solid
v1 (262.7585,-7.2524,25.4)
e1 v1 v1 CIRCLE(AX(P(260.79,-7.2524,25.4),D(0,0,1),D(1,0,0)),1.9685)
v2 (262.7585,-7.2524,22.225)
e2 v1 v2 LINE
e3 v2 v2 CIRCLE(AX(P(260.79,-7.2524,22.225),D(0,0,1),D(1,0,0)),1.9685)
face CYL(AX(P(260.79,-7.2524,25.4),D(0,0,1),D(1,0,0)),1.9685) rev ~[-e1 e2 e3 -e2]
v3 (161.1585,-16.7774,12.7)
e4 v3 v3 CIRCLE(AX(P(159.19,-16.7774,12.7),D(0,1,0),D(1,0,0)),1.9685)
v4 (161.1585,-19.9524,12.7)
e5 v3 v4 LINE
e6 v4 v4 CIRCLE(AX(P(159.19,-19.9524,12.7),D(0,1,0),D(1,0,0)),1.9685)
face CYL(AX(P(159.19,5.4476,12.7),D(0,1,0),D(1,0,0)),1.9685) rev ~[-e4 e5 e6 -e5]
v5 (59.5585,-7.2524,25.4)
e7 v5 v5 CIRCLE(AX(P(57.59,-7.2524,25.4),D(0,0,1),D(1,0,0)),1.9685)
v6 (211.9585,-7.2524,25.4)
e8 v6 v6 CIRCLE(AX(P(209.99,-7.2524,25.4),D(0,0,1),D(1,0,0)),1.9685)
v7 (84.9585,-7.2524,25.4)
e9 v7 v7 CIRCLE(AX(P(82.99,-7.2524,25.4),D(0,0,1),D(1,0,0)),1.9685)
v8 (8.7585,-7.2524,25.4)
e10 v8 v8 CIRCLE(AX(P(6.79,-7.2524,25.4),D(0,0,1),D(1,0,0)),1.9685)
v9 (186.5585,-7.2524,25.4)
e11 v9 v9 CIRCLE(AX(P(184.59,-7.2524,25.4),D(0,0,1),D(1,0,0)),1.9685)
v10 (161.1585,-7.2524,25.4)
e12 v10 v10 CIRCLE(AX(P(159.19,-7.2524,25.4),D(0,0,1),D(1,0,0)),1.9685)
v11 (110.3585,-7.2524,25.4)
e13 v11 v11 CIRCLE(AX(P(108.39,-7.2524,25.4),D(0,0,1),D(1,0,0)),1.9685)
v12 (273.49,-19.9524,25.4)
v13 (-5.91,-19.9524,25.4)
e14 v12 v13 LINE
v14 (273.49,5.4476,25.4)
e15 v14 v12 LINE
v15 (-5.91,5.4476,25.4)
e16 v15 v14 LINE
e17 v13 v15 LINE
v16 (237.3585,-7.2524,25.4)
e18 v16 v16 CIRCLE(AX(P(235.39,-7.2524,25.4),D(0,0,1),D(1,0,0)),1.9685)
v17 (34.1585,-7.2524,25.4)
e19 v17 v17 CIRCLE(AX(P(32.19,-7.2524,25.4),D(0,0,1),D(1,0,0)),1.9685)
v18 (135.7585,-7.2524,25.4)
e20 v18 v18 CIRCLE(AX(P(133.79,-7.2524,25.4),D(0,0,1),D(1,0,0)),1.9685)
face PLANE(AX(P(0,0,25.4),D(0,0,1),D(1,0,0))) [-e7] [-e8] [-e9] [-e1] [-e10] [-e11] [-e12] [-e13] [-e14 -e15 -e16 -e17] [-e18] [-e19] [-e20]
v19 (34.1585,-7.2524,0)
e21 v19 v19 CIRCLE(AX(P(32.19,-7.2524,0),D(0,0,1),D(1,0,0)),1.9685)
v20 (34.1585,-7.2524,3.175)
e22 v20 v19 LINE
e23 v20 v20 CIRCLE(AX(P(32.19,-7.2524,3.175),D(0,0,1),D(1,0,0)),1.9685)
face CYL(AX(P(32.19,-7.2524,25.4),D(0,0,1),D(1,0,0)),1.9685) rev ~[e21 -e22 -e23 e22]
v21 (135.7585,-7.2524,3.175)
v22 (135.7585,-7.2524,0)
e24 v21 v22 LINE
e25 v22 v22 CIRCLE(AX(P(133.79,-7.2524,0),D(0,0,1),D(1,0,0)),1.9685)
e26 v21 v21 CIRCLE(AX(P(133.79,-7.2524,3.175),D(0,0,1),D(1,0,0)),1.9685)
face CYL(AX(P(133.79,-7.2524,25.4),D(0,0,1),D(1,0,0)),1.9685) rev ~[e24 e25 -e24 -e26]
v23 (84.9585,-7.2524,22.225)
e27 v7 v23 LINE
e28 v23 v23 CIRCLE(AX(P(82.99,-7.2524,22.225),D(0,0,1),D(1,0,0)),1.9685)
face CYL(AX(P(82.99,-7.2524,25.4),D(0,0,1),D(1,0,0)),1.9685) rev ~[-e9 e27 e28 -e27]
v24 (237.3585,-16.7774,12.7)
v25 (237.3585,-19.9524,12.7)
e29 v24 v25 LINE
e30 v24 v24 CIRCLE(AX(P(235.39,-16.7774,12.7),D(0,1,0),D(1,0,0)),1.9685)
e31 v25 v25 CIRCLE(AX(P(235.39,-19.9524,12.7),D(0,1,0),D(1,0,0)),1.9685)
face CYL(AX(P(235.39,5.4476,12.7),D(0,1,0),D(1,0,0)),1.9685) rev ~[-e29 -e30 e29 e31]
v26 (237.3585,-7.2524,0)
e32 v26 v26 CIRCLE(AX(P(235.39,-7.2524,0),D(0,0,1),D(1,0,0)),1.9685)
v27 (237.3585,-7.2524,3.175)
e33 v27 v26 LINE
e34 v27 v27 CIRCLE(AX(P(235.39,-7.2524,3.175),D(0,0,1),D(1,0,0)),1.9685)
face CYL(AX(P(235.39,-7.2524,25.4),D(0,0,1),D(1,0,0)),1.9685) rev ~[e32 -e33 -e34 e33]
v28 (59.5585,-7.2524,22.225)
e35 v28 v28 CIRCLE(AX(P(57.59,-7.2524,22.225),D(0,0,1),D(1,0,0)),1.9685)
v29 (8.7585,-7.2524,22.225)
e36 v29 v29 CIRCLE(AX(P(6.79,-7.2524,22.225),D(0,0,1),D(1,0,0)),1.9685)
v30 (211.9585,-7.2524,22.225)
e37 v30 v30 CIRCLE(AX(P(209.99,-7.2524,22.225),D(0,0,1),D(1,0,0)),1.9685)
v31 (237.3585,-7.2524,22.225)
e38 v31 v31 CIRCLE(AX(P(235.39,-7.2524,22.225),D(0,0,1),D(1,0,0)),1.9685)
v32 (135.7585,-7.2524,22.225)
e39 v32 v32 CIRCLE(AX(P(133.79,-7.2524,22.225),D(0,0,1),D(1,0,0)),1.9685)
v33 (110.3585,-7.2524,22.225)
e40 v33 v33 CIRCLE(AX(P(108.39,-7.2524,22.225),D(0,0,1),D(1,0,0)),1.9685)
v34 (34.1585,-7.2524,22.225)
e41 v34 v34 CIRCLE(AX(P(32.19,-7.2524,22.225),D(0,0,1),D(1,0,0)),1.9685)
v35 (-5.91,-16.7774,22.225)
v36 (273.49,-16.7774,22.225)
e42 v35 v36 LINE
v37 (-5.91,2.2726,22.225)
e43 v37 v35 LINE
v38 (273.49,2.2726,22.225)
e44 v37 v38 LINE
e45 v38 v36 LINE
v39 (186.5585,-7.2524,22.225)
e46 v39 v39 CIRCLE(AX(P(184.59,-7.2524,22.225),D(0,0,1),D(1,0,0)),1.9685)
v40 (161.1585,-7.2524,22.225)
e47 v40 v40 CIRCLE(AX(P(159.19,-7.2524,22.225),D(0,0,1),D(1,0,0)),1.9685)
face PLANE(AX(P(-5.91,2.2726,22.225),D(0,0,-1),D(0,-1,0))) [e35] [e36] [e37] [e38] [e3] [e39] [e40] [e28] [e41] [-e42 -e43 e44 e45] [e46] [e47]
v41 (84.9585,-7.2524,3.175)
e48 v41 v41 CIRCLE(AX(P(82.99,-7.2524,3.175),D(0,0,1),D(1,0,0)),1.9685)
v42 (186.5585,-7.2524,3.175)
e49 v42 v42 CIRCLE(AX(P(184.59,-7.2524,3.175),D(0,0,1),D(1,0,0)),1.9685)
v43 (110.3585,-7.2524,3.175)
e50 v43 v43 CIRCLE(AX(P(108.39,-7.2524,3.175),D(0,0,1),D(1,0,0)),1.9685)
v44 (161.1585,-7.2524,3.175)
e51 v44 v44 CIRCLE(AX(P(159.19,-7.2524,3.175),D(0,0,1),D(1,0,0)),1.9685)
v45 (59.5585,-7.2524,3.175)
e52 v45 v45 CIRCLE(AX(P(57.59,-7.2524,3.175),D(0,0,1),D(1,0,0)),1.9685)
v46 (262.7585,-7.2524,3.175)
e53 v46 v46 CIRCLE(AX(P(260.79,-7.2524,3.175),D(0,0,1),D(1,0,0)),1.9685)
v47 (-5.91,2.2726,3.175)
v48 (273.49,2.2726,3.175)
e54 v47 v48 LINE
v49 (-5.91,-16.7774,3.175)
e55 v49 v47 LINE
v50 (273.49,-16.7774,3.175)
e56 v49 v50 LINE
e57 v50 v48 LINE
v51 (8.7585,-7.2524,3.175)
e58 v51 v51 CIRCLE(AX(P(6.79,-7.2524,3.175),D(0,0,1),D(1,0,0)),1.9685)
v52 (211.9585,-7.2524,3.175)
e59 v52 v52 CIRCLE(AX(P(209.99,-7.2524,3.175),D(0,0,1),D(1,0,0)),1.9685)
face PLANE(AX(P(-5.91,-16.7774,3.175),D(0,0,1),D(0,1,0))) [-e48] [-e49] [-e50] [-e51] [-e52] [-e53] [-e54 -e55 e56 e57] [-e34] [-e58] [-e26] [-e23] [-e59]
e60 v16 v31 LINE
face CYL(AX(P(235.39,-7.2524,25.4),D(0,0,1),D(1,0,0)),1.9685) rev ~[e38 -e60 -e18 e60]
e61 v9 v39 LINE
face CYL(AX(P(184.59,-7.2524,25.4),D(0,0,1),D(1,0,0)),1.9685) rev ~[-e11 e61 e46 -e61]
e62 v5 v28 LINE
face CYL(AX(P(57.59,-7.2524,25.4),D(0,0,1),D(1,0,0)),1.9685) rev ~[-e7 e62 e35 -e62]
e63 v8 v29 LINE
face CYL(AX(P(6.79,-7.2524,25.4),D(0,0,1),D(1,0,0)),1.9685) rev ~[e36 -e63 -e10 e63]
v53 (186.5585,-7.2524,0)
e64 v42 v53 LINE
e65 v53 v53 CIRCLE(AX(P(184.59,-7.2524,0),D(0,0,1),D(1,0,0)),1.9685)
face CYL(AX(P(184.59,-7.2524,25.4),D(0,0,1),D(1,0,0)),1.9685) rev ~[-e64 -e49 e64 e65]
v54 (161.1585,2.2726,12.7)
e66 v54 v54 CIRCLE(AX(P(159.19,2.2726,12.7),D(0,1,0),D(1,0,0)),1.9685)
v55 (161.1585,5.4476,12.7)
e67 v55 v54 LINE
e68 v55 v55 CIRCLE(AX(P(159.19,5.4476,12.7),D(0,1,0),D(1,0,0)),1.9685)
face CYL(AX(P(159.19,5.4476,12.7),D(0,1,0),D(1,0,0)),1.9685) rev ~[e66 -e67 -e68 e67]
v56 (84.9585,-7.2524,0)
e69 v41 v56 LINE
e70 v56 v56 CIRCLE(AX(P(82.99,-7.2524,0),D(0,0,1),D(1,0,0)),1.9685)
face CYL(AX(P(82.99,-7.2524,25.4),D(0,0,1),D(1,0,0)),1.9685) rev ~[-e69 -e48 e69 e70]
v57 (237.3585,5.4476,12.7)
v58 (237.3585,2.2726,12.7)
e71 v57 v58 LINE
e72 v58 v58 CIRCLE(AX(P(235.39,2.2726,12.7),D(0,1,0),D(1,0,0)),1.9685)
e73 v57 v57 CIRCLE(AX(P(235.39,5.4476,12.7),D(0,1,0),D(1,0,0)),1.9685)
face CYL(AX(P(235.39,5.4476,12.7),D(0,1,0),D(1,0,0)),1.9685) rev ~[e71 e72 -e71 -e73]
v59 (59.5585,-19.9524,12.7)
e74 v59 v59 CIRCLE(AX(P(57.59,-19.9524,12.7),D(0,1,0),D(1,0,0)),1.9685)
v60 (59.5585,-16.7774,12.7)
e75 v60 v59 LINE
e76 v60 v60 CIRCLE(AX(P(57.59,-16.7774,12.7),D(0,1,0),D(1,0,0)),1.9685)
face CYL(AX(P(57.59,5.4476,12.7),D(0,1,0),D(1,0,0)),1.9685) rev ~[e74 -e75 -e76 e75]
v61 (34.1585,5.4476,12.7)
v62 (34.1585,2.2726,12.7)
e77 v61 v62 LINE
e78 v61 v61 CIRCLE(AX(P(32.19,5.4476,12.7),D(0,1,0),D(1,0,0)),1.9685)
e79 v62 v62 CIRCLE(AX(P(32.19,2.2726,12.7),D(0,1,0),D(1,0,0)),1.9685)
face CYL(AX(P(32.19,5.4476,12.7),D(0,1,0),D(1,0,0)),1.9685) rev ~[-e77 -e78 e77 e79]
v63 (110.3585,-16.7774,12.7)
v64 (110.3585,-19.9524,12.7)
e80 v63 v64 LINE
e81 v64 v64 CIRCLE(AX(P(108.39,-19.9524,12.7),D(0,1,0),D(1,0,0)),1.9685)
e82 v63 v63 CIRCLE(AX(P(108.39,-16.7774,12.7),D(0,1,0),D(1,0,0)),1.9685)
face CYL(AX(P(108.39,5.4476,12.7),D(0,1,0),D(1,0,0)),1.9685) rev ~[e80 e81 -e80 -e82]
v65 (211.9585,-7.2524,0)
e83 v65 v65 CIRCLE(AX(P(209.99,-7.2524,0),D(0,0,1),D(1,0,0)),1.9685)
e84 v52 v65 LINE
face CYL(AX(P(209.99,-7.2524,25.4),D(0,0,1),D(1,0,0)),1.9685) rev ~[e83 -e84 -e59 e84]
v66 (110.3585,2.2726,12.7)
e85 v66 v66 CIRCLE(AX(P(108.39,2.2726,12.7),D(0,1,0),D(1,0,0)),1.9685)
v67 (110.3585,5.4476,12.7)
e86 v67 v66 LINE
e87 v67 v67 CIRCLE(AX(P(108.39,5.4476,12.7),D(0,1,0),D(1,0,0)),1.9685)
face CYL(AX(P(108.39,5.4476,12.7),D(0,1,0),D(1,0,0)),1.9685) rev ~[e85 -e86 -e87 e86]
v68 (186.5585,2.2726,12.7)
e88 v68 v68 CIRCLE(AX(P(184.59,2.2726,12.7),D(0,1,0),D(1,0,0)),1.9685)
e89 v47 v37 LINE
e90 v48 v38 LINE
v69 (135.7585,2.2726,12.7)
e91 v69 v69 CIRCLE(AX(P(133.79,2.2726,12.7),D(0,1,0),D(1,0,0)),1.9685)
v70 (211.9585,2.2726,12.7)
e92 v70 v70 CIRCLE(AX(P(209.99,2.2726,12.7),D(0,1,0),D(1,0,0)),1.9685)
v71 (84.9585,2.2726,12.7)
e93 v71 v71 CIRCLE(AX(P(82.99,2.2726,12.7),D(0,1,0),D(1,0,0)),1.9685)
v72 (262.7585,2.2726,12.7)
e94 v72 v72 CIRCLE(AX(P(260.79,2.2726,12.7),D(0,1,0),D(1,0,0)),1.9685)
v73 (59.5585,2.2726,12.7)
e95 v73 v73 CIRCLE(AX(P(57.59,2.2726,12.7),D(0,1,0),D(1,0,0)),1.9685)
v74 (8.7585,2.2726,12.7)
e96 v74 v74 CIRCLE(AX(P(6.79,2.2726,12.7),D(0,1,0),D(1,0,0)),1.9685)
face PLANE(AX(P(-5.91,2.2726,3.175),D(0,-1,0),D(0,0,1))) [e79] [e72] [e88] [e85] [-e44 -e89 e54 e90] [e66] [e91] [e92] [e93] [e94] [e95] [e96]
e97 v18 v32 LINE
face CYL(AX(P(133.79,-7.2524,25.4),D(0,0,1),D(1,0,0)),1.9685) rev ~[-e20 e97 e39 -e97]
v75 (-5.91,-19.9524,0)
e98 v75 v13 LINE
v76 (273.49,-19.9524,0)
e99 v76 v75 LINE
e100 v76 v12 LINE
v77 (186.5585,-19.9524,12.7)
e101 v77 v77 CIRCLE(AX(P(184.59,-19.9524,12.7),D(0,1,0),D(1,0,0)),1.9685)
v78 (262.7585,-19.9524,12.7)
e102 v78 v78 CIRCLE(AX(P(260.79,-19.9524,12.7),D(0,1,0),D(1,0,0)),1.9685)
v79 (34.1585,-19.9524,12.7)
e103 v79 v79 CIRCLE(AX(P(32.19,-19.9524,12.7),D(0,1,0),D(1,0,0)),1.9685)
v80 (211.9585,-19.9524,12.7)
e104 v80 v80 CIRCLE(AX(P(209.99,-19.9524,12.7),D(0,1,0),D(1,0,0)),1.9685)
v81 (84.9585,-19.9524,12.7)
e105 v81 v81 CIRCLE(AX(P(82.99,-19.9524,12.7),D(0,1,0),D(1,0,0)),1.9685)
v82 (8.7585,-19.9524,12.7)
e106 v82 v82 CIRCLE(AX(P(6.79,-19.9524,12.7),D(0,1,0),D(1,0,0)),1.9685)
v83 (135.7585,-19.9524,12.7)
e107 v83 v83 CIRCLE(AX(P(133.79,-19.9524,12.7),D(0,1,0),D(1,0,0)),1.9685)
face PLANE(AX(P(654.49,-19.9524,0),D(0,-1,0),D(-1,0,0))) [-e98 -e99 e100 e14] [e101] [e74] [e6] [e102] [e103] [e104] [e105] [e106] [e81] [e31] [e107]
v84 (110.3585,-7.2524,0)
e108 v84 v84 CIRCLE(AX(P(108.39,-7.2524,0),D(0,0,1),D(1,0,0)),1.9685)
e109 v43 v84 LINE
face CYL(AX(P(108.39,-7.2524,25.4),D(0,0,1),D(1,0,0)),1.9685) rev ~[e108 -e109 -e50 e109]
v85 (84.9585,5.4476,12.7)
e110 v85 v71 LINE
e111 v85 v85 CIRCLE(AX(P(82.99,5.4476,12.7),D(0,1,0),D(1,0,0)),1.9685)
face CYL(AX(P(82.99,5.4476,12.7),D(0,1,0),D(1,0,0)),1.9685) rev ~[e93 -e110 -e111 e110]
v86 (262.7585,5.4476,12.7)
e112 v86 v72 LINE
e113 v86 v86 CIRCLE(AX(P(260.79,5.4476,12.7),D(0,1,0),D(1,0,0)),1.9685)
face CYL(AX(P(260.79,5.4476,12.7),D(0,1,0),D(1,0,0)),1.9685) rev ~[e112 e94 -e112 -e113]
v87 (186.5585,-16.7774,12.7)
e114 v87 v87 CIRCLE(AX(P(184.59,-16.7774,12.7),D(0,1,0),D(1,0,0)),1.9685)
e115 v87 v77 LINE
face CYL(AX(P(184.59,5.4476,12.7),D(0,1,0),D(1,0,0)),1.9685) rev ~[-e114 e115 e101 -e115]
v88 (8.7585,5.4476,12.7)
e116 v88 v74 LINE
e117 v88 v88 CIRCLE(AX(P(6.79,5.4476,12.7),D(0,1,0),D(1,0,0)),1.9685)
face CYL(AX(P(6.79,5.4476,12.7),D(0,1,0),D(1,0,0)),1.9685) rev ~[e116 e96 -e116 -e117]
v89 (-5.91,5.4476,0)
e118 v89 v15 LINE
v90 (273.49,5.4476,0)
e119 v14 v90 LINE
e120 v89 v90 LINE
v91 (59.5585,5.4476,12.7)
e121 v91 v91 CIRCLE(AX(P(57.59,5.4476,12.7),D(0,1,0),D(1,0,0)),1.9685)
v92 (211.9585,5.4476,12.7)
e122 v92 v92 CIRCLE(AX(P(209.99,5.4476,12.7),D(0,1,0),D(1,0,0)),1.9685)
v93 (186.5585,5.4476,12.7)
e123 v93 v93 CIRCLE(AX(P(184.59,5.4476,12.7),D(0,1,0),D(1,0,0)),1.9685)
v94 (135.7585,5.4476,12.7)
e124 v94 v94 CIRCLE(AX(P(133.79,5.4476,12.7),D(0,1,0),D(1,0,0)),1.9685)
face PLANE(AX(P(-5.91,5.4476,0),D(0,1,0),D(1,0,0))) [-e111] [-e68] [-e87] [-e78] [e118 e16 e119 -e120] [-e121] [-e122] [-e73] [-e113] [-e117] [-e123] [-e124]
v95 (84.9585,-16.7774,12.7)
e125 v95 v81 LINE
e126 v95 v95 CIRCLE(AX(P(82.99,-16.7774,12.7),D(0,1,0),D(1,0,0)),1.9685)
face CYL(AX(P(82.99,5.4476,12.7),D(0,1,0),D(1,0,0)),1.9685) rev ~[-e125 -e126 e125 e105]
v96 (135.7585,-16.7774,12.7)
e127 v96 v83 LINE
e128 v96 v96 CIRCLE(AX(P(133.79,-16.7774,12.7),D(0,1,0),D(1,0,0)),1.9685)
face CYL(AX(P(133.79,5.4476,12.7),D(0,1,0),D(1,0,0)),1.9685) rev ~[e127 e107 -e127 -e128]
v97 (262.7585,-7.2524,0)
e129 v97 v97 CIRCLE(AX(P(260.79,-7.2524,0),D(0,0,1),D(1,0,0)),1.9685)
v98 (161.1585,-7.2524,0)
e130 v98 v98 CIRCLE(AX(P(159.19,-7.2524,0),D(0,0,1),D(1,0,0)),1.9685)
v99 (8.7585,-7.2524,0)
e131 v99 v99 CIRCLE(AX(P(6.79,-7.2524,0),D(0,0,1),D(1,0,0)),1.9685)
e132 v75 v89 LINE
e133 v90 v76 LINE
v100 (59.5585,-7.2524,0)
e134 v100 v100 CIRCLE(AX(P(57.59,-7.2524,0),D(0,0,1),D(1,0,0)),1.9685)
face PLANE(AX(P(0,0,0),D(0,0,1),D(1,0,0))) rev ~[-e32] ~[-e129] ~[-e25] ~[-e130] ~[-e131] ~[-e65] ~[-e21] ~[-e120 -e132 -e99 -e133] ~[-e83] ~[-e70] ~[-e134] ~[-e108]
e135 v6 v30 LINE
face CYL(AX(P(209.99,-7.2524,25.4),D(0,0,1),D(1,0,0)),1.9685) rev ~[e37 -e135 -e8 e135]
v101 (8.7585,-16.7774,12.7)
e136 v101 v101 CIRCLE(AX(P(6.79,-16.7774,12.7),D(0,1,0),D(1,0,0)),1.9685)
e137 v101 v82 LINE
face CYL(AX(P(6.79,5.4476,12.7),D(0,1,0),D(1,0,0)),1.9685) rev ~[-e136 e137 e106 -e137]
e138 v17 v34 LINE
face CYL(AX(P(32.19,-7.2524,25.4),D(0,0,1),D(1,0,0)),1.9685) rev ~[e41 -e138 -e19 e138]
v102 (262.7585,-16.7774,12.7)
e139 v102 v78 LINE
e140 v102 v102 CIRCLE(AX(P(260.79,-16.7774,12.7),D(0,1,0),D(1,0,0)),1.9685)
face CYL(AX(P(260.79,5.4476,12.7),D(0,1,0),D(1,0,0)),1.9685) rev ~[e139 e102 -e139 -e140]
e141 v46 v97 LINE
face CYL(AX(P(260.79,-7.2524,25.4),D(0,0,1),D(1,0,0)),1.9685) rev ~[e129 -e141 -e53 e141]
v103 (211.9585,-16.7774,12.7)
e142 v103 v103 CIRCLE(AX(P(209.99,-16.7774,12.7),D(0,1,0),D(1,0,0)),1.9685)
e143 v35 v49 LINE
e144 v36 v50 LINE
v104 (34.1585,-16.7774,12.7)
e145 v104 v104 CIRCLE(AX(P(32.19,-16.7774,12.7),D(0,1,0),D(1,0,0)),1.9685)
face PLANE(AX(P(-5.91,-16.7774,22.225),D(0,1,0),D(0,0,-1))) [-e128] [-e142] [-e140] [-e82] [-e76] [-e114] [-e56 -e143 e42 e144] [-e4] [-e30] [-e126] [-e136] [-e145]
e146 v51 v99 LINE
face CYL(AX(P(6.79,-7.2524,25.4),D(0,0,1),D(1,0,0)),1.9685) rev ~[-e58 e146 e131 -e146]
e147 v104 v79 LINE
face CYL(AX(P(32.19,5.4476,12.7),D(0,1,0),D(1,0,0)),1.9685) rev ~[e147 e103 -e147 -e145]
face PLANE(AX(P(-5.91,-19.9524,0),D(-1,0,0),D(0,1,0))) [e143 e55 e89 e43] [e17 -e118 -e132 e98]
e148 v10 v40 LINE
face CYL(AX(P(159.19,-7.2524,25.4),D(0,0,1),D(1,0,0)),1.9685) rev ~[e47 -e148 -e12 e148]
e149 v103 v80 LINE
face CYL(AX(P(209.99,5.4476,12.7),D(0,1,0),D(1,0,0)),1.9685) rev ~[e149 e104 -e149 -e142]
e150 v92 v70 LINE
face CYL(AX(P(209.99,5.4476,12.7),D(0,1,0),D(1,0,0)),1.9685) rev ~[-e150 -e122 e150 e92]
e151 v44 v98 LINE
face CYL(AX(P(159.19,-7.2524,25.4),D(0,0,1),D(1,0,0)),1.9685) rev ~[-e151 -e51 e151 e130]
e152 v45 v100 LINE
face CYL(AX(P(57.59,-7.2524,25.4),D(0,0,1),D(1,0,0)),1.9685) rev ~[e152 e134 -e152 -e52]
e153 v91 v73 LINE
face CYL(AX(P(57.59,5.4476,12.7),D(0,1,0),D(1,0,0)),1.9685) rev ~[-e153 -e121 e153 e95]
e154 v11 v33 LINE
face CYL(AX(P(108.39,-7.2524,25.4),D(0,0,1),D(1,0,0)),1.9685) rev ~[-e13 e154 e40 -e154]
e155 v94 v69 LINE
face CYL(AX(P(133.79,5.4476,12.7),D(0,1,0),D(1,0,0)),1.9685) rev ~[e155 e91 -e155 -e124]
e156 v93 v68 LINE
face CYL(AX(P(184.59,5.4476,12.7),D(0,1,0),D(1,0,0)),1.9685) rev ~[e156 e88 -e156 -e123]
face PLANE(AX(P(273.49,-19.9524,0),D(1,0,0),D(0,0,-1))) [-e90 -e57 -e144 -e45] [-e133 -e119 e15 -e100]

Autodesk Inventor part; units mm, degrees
ref_plane "YZ Plane" through (0, 0, 0) normal (1, 0, 0) x (0, 1, 0)
ref_plane "XZ Plane" through (0, 0, 0) normal (0, 1, 0) x (-1, 0, 0)
ref_plane "XY Plane" through (0, 0, 0) normal (0, 0, 1) x (1, 0, 0)
sketch "Sketch1" plane through (0, 0, 0) normal (0, 0, 1) x (1, 0, 0)
  line L0 (-5.91, 5.4476) -> (654.49, 5.4476)
  line L1 (654.49, 5.4476) -> (654.49, -19.9524)
  line L2 (654.49, -19.9524) -> (-5.91, -19.9524)
  line L3 (-5.91, -19.9524) -> (-5.91, 5.4476)
  point P0 (0, 0)
  dimension "d0" = 660.4
  dimension "d1" = 25.4
extrude "Extrusion1" add sketch "Sketch1" along normal blind 25.4
sketch "Sketch2" plane through (0, 0, 25.4) normal (0, 0, 1) x (1, 0, 0)
  circle A0 centre (6.79, -7.2524) radius 1.9685
  line L0 (-5.91, 5.4476) -> (-5.91, -19.9524) projected
  line L1 (-5.91, -19.9524) -> (654.49, -19.9524) projected
  circle A1 centre (32.19, -7.2524) radius 1.9685
  circle A2 centre (57.59, -7.2524) radius 1.9685
  circle A3 centre (82.99, -7.2524) radius 1.9685
  circle A4 centre (108.39, -7.2524) radius 1.9685
  circle A5 centre (133.79, -7.2524) radius 1.9685
  circle A6 centre (159.19, -7.2524) radius 1.9685
  circle A7 centre (184.59, -7.2524) radius 1.9685
  circle A8 centre (209.99, -7.2524) radius 1.9685
  circle A9 centre (235.39, -7.2524) radius 1.9685
  circle A10 centre (260.79, -7.2524) radius 1.9685
  circle A11 centre (286.19, -7.2524) radius 1.9685
  circle A12 centre (311.59, -7.2524) radius 1.9685
  circle A13 centre (336.99, -7.2524) radius 1.9685
  circle A14 centre (362.39, -7.2524) radius 1.9685
  circle A15 centre (387.79, -7.2524) radius 1.9685
  circle A16 centre (413.19, -7.2524) radius 1.9685
  circle A17 centre (438.59, -7.2524) radius 1.9685
  circle A18 centre (463.99, -7.2524) radius 1.9685
  circle A19 centre (489.39, -7.2524) radius 1.9685
  circle A20 centre (514.79, -7.2524) radius 1.9685
  circle A21 centre (540.19, -7.2524) radius 1.9685
  circle A22 centre (565.59, -7.2524) radius 1.9685
  circle A23 centre (590.99, -7.2524) radius 1.9685
  circle A24 centre (616.39, -7.2524) radius 1.9685
  circle A25 centre (641.79, -7.2524) radius 1.9685
  point P0 (0, 0)
  dimension "d4" = 3.937
  dimension "d5" = 12.7
  dimension "d6" = 12.7
  dimension "d9" = 25.4
  dimension "d16" = 25.4
extrude "Extrusion2" cut sketch "Sketch2" against normal blind 25.4
sketch "Sketch3" plane through (-5.91, -19.9524, 0) normal (-1, 0, 0) x (0, 0, 1)
  line L0 (3.175, 22.225) -> (22.225, 22.225)
  line L1 (22.225, 22.225) -> (22.225, 3.175)
  line L2 (22.225, 3.175) -> (3.175, 3.175)
  line L3 (3.175, 3.175) -> (3.175, 22.225)
  line L4 (0, 25.4) -> (25.4, 25.4) projected
  line L5 (0, 0) -> (0, 25.4) projected
  line L6 (0, 0) -> (25.4, 0) projected
  line L7 (25.4, 25.4) -> (25.4, 0) projected
  point P0 (0, 19.9524)
  dimension "d23" = 3.175
  dimension "d24" = 3.175
  dimension "d25" = 3.175
  dimension "d26" = 3.175
sketch "Sketch4" plane through (-5.91, 5.4476, 0) normal (0, 1, 0) x (1, 0, 0)
  circle A0 centre (12.7, -12.7) radius 1.9685
  line L0 (0, 0) -> (0, -25.4) projected
  line L1 (660.4, -25.4) -> (0, -25.4) projected
  circle A1 centre (38.1, -12.7) radius 1.9685
  circle A2 centre (63.5, -12.7) radius 1.9685
  circle A3 centre (88.9, -12.7) radius 1.9685
  circle A4 centre (114.3, -12.7) radius 1.9685
  circle A5 centre (139.7, -12.7) radius 1.9685
  circle A6 centre (165.1, -12.7) radius 1.9685
  circle A7 centre (190.5, -12.7) radius 1.9685
  circle A8 centre (215.9, -12.7) radius 1.9685
  circle A9 centre (241.3, -12.7) radius 1.9685
  circle A10 centre (266.7, -12.7) radius 1.9685
  circle A11 centre (292.1, -12.7) radius 1.9685
  circle A12 centre (317.5, -12.7) radius 1.9685
  circle A13 centre (342.9, -12.7) radius 1.9685
  circle A14 centre (368.3, -12.7) radius 1.9685
  circle A15 centre (393.7, -12.7) radius 1.9685
  circle A16 centre (419.1, -12.7) radius 1.9685
  circle A17 centre (444.5, -12.7) radius 1.9685
  circle A18 centre (469.9, -12.7) radius 1.9685
  circle A19 centre (495.3, -12.7) radius 1.9685
  circle A20 centre (520.7, -12.7) radius 1.9685
  circle A21 centre (546.1, -12.7) radius 1.9685
  circle A22 centre (571.5, -12.7) radius 1.9685
  circle A23 centre (596.9, -12.7) radius 1.9685
  circle A24 centre (622.3, -12.7) radius 1.9685
  circle A25 centre (647.7, -12.7) radius 1.9685
  point P0 (5.91, 0)
  dimension "d27" = 3.937
  dimension "d28" = 12.7
  dimension "d29" = 12.7
  dimension "d32" = 25.4
extrude "Extrusion3" cut sketch "Sketch4" against normal blind 25.4
extrude "Extrusion4" cut sketch "Sketch3" against normal blind 660.4 contours L0 L1 L2 L3
sketch "Sketch5" plane through (654.49, -19.9524, 0) normal (1, 0, 0) x (0, 0, -1)
  line L0 (-25.4, 25.4) -> (-25.4, 0) projected
  line L1 (-25.4, 25.4) -> (0, 25.4)
  line L2 (0, 25.4) -> (0, 0)
  line L3 (0, 0) -> (-25.4, 0)
  line L4 (-25.4, 0) -> (-25.4, 25.4)
  point P0 (0, 19.9524)
extrude "Extrusion5" cut sketch "Sketch5" against normal blind 381
properties part number "real numbah 9"
